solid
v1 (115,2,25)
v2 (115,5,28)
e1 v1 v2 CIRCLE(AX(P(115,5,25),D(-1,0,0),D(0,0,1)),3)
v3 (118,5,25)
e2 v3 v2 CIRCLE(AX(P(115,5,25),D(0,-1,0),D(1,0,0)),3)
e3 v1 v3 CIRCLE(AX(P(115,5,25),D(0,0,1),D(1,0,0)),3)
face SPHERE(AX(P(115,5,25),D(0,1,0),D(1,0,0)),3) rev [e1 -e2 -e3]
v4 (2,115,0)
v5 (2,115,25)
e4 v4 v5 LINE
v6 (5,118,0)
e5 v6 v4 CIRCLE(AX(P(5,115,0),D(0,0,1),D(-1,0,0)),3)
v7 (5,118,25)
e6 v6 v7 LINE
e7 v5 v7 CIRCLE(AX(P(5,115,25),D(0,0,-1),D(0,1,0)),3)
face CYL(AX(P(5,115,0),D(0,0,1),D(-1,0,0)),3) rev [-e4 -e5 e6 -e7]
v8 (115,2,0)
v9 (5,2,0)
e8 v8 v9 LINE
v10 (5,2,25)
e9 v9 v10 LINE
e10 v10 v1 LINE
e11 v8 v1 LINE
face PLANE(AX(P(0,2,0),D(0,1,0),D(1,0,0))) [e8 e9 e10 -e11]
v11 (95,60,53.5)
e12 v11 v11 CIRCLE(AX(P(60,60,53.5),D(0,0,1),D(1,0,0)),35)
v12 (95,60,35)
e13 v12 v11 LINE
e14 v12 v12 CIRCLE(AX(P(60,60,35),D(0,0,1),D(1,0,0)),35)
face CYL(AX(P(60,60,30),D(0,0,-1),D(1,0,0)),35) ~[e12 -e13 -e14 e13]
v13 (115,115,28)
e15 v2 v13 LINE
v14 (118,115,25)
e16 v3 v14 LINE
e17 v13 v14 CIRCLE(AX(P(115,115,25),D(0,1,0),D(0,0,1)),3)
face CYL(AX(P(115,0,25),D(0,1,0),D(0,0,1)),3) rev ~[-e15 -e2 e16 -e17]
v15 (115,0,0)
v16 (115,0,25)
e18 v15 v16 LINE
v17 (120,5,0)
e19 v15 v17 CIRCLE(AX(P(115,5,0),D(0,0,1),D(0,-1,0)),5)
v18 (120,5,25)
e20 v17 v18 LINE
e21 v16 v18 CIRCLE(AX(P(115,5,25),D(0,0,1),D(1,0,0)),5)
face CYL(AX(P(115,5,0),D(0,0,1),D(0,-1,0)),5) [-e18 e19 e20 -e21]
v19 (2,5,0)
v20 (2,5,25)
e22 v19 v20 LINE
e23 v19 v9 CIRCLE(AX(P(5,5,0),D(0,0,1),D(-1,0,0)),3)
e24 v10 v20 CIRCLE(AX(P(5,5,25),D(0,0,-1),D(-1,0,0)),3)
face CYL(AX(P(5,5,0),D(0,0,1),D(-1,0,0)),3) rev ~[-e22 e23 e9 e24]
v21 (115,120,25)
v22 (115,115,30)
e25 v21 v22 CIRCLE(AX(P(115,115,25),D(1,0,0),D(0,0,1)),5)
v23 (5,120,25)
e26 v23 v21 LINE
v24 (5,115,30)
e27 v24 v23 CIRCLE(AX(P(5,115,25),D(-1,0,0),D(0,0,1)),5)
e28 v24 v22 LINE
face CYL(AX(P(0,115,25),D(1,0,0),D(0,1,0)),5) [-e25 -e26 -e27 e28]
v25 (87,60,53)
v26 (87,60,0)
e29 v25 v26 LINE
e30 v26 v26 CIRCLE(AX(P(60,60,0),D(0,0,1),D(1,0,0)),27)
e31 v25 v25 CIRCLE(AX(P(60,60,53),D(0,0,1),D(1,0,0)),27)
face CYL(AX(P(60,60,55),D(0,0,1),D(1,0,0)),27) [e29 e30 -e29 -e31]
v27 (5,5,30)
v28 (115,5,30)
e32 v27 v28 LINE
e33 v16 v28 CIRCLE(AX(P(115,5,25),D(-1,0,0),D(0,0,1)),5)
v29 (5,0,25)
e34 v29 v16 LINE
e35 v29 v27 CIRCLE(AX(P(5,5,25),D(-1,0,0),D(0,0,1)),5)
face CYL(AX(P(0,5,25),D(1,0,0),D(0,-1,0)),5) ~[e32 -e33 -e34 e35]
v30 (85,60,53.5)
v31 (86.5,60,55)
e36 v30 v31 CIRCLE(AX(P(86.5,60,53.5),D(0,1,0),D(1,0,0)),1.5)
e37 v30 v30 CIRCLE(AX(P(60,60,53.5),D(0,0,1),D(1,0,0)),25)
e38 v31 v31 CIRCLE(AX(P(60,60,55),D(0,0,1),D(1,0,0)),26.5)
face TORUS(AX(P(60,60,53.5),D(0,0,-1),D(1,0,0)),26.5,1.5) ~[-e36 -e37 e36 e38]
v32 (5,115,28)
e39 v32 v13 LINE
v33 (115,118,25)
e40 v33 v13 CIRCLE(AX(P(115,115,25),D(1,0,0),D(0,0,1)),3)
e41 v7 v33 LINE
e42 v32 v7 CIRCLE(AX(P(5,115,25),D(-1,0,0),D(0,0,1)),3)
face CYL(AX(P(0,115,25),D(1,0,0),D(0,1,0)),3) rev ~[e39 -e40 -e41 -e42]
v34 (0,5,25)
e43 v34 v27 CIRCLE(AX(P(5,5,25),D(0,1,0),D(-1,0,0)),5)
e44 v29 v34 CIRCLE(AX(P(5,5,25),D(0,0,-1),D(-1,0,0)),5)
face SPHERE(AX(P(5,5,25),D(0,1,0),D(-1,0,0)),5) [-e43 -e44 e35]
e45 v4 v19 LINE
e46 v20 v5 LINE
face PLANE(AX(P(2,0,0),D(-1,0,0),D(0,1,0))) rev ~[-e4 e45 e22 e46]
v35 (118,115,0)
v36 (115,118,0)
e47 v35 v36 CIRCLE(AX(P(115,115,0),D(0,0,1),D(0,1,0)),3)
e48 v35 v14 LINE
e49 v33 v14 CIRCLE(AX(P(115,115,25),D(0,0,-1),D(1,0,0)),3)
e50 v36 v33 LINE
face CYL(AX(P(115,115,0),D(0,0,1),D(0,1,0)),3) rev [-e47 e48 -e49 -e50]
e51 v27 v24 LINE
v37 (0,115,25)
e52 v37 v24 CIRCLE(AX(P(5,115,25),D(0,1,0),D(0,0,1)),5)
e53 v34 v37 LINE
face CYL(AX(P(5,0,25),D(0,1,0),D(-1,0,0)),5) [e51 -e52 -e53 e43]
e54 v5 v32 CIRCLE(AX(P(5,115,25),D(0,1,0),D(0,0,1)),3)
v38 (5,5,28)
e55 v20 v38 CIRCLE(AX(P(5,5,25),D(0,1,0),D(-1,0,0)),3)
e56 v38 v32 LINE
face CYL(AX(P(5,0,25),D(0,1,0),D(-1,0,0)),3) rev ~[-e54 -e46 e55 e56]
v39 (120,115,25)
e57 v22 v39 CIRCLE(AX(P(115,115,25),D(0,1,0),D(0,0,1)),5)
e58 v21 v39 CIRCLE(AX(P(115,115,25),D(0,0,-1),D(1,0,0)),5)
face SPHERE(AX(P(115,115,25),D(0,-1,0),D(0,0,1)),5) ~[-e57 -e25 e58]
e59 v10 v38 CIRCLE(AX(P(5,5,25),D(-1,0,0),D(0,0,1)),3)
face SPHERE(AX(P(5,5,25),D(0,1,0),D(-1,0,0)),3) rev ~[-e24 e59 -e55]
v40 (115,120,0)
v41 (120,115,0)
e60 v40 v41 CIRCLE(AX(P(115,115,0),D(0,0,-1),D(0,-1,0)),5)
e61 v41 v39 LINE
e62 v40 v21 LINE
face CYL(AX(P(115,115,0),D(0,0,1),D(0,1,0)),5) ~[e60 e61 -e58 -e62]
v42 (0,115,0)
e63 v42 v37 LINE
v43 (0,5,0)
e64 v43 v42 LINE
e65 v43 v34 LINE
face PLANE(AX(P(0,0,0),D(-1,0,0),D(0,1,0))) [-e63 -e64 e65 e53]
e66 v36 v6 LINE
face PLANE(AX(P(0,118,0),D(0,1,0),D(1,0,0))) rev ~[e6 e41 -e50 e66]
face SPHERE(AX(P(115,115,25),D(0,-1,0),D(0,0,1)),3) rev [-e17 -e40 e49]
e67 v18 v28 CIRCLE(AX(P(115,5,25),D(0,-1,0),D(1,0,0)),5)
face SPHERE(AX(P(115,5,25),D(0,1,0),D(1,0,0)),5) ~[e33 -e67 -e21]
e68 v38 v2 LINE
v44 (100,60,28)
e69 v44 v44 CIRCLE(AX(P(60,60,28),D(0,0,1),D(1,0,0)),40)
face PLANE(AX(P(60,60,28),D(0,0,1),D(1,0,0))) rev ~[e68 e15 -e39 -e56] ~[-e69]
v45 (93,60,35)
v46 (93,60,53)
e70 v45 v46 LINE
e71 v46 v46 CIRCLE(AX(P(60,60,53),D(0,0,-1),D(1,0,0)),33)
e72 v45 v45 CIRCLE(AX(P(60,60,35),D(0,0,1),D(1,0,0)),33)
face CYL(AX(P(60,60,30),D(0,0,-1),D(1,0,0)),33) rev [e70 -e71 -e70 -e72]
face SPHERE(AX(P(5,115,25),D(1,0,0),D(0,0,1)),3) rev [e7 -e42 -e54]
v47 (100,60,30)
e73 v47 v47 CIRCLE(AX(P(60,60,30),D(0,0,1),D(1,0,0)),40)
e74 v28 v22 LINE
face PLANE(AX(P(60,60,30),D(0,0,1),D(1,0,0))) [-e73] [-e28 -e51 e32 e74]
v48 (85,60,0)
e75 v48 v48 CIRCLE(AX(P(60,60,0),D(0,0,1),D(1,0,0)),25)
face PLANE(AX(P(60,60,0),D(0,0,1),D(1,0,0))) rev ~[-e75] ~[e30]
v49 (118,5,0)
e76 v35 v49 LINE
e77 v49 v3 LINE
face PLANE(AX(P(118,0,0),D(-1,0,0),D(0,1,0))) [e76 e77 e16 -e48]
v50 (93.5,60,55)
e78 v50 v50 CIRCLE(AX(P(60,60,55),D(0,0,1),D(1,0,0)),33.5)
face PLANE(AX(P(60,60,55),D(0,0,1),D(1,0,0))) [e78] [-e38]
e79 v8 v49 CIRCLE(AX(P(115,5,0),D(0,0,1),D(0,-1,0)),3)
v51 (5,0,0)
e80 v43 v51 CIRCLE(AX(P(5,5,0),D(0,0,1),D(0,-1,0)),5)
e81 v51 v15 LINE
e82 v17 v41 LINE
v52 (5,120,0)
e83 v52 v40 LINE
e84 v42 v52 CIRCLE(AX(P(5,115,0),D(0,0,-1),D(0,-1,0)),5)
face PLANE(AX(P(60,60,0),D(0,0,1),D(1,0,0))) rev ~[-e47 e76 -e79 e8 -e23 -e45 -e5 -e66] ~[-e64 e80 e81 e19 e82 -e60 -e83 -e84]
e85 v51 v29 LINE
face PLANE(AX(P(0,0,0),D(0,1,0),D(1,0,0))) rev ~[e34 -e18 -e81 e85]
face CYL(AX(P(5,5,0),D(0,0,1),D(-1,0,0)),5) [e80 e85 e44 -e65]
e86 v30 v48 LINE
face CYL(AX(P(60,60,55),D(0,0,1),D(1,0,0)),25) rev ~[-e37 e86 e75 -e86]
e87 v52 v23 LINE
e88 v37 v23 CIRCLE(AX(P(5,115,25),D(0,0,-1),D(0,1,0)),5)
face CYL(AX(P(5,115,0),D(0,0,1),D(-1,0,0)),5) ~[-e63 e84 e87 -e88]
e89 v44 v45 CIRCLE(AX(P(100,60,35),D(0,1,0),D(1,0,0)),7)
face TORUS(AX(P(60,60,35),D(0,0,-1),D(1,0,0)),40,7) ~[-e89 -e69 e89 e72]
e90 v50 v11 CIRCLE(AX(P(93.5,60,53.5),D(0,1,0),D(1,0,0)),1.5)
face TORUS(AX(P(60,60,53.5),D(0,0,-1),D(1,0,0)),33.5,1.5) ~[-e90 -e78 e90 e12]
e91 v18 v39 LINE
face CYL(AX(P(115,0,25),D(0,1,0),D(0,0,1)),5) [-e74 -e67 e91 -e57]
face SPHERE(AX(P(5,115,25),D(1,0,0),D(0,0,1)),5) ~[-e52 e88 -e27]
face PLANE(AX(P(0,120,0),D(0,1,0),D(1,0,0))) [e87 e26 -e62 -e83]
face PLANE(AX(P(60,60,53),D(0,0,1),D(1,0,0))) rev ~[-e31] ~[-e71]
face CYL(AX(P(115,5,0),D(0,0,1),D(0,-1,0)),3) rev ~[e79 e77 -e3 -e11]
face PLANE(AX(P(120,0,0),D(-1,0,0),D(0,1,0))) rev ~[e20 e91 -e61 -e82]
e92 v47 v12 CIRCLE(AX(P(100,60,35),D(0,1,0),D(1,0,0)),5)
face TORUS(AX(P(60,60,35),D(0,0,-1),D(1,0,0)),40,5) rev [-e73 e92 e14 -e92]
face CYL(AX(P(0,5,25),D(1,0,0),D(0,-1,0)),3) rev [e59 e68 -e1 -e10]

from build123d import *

# Parameters (mm, degrees)
SKETCH1_W           = 120
SKETCH1_H           = 120
BOSS_EXTRUDE1_DEPTH = 30
SKETCH3_R           = 35
BOSS_EXTRUDE2_DEPTH = 25
SKETCH4_R           = 25
CUT_EXTRUDE1_DEPTH  = 179.395627749
FILLET1_R           = 5
FILLET2_R           = 1.5
SHELL1_T            = -2


with BuildPart() as part:
    # Sketch1 → Boss-Extrude1 (new body)
    with BuildSketch(Plane.XY):
        with Locations((60, 60)):
            Rectangle(SKETCH1_W, SKETCH1_H)
    extrude(amount=BOSS_EXTRUDE1_DEPTH)

    # Sketch3 → Boss-Extrude2 (add)
    with BuildSketch(Plane.XY.offset(30)):
        with Locations((60, 60)):
            Circle(SKETCH3_R)
    extrude(amount=BOSS_EXTRUDE2_DEPTH)

    # Sketch4 → Cut-Extrude1 (cut, through all)
    with BuildSketch(Plane.XY.offset(55)):
        with Locations((60, 60)):
            Circle(SKETCH4_R)
    extrude(amount=-CUT_EXTRUDE1_DEPTH, mode=Mode.SUBTRACT)

    # Fillet1
    fillet1_edges = [part.edges().sort_by_distance(p)[0] for p in [
        (120, 60, 30),
        (25, 60, 30),
        (60, 120, 30),
        (0, 60, 30),
        (0, 120, 15),
        (120, 120, 15),
        (120, 0, 15),
        (0, 0, 15),
        (60, 0, 30),
    ]]
    fillet(fillet1_edges, radius=FILLET1_R)

    # Fillet2
    fillet2_edges = [part.edges().sort_by_distance(p)[0] for p in [
        (25, 60, 55),
        (35, 60, 55),
    ]]
    fillet(fillet2_edges, radius=FILLET2_R)

    # Shell1
    shell1_openings = [part.faces().sort_by_distance(p)[0] for p in [
        (60, 118.302943725, 0),
    ]]
    offset(amount=SHELL1_T, openings=shell1_openings, kind=Kind.INTERSECTION)


solid = part.part
